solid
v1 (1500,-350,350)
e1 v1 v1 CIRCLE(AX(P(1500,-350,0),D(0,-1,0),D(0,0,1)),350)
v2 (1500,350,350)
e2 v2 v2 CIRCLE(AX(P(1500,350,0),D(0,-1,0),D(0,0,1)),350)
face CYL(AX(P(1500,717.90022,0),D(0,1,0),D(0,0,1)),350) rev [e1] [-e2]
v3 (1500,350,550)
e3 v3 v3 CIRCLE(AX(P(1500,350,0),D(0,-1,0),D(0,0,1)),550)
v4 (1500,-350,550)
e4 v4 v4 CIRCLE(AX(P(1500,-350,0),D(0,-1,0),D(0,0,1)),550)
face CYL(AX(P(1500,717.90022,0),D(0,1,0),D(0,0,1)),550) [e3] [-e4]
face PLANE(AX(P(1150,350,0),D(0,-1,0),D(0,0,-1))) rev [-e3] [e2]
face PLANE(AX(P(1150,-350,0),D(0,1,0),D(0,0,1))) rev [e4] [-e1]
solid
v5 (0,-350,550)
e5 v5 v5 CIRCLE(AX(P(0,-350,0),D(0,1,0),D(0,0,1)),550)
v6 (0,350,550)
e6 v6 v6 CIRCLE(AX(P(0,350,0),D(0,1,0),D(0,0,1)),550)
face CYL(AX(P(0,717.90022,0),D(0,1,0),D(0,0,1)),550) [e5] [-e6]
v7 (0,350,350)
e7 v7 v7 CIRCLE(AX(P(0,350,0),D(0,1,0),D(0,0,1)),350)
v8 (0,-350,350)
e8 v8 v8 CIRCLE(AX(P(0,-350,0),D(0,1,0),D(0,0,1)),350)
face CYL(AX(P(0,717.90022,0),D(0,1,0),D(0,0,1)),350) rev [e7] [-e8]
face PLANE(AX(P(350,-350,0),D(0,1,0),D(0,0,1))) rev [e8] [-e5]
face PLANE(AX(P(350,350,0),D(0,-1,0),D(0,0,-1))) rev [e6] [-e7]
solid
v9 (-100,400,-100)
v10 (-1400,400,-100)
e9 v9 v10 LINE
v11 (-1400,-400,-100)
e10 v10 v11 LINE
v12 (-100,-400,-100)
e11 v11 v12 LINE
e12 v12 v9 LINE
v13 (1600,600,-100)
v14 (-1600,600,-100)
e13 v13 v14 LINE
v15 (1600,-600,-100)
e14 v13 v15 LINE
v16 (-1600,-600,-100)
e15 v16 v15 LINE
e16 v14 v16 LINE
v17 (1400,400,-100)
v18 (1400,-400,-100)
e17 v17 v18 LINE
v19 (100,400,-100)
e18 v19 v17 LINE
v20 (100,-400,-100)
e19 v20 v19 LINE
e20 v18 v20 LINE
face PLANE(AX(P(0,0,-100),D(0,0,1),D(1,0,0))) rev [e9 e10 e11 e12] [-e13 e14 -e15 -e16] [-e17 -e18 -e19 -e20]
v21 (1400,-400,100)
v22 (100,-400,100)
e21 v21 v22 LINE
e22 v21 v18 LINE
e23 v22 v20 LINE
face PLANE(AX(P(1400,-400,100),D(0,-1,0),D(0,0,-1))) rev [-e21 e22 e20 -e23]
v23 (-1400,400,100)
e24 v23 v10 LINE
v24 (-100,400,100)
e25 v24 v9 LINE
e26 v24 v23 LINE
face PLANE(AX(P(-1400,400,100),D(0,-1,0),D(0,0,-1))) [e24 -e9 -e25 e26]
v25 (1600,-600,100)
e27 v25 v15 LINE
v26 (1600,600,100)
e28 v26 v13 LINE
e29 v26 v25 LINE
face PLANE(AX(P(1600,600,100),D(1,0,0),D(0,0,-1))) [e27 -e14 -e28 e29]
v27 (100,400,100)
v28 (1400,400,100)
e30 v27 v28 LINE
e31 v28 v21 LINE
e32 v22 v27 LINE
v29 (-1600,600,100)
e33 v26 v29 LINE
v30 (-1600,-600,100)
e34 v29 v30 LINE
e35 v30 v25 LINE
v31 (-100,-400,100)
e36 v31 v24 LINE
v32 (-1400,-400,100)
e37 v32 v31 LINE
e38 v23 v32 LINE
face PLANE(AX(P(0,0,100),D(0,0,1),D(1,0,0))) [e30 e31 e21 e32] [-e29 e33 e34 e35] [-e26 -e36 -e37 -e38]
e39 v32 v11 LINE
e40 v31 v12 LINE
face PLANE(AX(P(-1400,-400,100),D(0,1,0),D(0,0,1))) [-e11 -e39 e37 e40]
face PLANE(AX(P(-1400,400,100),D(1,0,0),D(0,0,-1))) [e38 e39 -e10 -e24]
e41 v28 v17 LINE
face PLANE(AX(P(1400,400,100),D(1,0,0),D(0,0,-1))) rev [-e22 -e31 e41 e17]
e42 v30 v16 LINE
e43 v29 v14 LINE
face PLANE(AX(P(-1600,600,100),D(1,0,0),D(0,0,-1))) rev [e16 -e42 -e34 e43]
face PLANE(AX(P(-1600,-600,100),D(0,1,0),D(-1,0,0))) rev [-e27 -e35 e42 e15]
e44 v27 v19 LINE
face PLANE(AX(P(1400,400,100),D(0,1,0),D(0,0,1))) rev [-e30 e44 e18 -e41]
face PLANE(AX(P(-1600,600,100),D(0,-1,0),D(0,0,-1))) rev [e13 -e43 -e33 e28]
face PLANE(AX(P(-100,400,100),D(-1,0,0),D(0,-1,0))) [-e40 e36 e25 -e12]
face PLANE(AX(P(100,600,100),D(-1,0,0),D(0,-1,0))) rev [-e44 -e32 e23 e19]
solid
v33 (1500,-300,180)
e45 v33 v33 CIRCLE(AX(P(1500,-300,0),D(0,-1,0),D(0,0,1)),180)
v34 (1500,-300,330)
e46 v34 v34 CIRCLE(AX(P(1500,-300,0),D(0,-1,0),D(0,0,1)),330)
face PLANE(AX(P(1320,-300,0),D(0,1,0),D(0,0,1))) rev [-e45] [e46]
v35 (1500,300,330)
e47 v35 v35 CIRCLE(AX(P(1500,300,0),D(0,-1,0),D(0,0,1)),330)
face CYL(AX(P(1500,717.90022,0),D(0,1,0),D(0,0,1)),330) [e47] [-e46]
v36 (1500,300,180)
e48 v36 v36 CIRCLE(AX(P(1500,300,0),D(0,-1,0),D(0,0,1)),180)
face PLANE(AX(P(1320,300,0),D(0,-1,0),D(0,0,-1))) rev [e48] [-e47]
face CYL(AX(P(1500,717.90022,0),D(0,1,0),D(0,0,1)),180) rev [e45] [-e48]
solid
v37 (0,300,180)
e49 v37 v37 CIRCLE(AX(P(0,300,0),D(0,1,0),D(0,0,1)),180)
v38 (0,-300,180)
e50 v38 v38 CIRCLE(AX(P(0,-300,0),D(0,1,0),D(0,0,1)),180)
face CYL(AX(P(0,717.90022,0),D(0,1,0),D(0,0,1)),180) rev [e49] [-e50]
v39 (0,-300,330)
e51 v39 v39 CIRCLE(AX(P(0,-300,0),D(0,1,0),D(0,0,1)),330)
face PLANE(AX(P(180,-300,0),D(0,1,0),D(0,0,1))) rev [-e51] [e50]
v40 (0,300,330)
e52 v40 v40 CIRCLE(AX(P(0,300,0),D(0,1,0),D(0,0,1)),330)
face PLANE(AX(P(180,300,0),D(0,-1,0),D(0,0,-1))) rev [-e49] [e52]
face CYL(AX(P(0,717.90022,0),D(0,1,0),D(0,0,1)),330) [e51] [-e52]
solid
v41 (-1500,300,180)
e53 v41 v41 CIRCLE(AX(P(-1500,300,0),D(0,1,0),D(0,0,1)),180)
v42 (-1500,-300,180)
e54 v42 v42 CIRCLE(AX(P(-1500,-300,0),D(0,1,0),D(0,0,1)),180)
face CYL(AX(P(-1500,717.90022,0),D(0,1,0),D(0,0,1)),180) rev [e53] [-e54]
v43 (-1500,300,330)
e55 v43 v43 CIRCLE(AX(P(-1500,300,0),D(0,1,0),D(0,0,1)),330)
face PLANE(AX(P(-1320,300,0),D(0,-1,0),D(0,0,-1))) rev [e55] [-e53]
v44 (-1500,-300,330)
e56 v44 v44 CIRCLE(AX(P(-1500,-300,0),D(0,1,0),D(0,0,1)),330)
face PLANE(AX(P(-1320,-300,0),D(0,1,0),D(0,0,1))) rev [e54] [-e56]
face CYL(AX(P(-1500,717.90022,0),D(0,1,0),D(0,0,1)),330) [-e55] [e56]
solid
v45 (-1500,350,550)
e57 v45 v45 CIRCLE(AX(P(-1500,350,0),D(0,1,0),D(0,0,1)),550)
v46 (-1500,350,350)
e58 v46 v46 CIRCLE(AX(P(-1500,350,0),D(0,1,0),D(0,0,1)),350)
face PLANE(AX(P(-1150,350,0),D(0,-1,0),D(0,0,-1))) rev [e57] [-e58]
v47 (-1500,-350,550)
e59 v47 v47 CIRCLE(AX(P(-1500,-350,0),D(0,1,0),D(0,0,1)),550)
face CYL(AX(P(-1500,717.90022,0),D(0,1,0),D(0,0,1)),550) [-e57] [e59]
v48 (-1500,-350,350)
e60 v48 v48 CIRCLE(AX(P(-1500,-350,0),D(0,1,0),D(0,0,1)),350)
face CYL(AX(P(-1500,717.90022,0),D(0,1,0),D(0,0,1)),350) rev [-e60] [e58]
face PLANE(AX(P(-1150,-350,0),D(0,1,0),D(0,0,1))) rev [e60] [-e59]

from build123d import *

# Parameters (mm, degrees)
SKETCH2_W           = 1700
SKETCH2_H           = 1200
SKETCH2_W_2         = 1300
SKETCH2_H_2         = 800
BOSS_EXTRUDE1_DEPTH = 100
SKETCH4_W           = 150
SKETCH4_H           = 600
SKETCH5_W           = 200
SKETCH5_H           = 700
LPATTERN2_COUNT     = 2
LPATTERN2_PITCH     = 1500


with BuildPart() as part:
    # Sketch2 → Boss-Extrude1 (new, symmetric)
    with BuildSketch(Plane.XY):
        with Locations((-750, 0)):
            Rectangle(SKETCH2_W, SKETCH2_H)
        with Locations((-750, 0)):
            Rectangle(SKETCH2_W_2, SKETCH2_H_2, mode=Mode.SUBTRACT)
    boss_extrude1 = extrude(amount=BOSS_EXTRUDE1_DEPTH, both=True)

    # Mirror3: Boss-Extrude1 across plane
    add(boss_extrude1.mirror(Plane(origin=(0, 0, 0), x_dir=(0, 0, 1), z_dir=(1, 0, 0))))


with BuildPart() as body_2:
    # Sketch4 → Primary winding (revolve)
    with BuildSketch(Plane.XY, mode=Mode.PRIVATE) as primary_winding_sk:
        with Locations((255, 0)):
            Rectangle(SKETCH4_W, SKETCH4_H)
    revolve(primary_winding_sk.sketch.rotate(Axis((0, 717.90022001, 0), (0, -1, 0)), 90), axis=Axis((0, 717.90022001, 0), (0, -1, 0)))


with BuildPart() as body_3:
    # Sketch5 → Secondary winding (revolve)
    with BuildSketch(Plane.XY, mode=Mode.PRIVATE) as secondary_winding_sk:
        with Locations((450, 0)):
            Rectangle(SKETCH5_W, SKETCH5_H)
    revolve(secondary_winding_sk.sketch.rotate(Axis((0, 717.90022001, 0), (0, -1, 0)), 90), axis=Axis((0, 717.90022001, 0), (0, -1, 0)))


with BuildPart() as lpattern2_1:
    # LPattern2: pattern copy
    add(body_2.part.moved(Location(Vector(-1, 0, 0) * (1 * LPATTERN2_PITCH))))


with BuildPart() as lpattern2_2:
    # LPattern2: pattern copy
    add(body_3.part.moved(Location(Vector(-1, 0, 0) * (1 * LPATTERN2_PITCH))))


with BuildPart() as body_6:
    # Mirror4: mirrored copy
    add(lpattern2_2.part.mirror(Plane(origin=(0, 0, 0), x_dir=(0, 0, 1), z_dir=(1, 0, 0))))


with BuildPart() as body_7:
    # Mirror4 2: mirrored copy
    add(lpattern2_1.part.mirror(Plane(origin=(0, 0, 0), x_dir=(0, 0, 1), z_dir=(1, 0, 0))))


solid = Compound([part.part, body_2.part, body_3.part, lpattern2_1.part, lpattern2_2.part, body_6.part, body_7.part])
